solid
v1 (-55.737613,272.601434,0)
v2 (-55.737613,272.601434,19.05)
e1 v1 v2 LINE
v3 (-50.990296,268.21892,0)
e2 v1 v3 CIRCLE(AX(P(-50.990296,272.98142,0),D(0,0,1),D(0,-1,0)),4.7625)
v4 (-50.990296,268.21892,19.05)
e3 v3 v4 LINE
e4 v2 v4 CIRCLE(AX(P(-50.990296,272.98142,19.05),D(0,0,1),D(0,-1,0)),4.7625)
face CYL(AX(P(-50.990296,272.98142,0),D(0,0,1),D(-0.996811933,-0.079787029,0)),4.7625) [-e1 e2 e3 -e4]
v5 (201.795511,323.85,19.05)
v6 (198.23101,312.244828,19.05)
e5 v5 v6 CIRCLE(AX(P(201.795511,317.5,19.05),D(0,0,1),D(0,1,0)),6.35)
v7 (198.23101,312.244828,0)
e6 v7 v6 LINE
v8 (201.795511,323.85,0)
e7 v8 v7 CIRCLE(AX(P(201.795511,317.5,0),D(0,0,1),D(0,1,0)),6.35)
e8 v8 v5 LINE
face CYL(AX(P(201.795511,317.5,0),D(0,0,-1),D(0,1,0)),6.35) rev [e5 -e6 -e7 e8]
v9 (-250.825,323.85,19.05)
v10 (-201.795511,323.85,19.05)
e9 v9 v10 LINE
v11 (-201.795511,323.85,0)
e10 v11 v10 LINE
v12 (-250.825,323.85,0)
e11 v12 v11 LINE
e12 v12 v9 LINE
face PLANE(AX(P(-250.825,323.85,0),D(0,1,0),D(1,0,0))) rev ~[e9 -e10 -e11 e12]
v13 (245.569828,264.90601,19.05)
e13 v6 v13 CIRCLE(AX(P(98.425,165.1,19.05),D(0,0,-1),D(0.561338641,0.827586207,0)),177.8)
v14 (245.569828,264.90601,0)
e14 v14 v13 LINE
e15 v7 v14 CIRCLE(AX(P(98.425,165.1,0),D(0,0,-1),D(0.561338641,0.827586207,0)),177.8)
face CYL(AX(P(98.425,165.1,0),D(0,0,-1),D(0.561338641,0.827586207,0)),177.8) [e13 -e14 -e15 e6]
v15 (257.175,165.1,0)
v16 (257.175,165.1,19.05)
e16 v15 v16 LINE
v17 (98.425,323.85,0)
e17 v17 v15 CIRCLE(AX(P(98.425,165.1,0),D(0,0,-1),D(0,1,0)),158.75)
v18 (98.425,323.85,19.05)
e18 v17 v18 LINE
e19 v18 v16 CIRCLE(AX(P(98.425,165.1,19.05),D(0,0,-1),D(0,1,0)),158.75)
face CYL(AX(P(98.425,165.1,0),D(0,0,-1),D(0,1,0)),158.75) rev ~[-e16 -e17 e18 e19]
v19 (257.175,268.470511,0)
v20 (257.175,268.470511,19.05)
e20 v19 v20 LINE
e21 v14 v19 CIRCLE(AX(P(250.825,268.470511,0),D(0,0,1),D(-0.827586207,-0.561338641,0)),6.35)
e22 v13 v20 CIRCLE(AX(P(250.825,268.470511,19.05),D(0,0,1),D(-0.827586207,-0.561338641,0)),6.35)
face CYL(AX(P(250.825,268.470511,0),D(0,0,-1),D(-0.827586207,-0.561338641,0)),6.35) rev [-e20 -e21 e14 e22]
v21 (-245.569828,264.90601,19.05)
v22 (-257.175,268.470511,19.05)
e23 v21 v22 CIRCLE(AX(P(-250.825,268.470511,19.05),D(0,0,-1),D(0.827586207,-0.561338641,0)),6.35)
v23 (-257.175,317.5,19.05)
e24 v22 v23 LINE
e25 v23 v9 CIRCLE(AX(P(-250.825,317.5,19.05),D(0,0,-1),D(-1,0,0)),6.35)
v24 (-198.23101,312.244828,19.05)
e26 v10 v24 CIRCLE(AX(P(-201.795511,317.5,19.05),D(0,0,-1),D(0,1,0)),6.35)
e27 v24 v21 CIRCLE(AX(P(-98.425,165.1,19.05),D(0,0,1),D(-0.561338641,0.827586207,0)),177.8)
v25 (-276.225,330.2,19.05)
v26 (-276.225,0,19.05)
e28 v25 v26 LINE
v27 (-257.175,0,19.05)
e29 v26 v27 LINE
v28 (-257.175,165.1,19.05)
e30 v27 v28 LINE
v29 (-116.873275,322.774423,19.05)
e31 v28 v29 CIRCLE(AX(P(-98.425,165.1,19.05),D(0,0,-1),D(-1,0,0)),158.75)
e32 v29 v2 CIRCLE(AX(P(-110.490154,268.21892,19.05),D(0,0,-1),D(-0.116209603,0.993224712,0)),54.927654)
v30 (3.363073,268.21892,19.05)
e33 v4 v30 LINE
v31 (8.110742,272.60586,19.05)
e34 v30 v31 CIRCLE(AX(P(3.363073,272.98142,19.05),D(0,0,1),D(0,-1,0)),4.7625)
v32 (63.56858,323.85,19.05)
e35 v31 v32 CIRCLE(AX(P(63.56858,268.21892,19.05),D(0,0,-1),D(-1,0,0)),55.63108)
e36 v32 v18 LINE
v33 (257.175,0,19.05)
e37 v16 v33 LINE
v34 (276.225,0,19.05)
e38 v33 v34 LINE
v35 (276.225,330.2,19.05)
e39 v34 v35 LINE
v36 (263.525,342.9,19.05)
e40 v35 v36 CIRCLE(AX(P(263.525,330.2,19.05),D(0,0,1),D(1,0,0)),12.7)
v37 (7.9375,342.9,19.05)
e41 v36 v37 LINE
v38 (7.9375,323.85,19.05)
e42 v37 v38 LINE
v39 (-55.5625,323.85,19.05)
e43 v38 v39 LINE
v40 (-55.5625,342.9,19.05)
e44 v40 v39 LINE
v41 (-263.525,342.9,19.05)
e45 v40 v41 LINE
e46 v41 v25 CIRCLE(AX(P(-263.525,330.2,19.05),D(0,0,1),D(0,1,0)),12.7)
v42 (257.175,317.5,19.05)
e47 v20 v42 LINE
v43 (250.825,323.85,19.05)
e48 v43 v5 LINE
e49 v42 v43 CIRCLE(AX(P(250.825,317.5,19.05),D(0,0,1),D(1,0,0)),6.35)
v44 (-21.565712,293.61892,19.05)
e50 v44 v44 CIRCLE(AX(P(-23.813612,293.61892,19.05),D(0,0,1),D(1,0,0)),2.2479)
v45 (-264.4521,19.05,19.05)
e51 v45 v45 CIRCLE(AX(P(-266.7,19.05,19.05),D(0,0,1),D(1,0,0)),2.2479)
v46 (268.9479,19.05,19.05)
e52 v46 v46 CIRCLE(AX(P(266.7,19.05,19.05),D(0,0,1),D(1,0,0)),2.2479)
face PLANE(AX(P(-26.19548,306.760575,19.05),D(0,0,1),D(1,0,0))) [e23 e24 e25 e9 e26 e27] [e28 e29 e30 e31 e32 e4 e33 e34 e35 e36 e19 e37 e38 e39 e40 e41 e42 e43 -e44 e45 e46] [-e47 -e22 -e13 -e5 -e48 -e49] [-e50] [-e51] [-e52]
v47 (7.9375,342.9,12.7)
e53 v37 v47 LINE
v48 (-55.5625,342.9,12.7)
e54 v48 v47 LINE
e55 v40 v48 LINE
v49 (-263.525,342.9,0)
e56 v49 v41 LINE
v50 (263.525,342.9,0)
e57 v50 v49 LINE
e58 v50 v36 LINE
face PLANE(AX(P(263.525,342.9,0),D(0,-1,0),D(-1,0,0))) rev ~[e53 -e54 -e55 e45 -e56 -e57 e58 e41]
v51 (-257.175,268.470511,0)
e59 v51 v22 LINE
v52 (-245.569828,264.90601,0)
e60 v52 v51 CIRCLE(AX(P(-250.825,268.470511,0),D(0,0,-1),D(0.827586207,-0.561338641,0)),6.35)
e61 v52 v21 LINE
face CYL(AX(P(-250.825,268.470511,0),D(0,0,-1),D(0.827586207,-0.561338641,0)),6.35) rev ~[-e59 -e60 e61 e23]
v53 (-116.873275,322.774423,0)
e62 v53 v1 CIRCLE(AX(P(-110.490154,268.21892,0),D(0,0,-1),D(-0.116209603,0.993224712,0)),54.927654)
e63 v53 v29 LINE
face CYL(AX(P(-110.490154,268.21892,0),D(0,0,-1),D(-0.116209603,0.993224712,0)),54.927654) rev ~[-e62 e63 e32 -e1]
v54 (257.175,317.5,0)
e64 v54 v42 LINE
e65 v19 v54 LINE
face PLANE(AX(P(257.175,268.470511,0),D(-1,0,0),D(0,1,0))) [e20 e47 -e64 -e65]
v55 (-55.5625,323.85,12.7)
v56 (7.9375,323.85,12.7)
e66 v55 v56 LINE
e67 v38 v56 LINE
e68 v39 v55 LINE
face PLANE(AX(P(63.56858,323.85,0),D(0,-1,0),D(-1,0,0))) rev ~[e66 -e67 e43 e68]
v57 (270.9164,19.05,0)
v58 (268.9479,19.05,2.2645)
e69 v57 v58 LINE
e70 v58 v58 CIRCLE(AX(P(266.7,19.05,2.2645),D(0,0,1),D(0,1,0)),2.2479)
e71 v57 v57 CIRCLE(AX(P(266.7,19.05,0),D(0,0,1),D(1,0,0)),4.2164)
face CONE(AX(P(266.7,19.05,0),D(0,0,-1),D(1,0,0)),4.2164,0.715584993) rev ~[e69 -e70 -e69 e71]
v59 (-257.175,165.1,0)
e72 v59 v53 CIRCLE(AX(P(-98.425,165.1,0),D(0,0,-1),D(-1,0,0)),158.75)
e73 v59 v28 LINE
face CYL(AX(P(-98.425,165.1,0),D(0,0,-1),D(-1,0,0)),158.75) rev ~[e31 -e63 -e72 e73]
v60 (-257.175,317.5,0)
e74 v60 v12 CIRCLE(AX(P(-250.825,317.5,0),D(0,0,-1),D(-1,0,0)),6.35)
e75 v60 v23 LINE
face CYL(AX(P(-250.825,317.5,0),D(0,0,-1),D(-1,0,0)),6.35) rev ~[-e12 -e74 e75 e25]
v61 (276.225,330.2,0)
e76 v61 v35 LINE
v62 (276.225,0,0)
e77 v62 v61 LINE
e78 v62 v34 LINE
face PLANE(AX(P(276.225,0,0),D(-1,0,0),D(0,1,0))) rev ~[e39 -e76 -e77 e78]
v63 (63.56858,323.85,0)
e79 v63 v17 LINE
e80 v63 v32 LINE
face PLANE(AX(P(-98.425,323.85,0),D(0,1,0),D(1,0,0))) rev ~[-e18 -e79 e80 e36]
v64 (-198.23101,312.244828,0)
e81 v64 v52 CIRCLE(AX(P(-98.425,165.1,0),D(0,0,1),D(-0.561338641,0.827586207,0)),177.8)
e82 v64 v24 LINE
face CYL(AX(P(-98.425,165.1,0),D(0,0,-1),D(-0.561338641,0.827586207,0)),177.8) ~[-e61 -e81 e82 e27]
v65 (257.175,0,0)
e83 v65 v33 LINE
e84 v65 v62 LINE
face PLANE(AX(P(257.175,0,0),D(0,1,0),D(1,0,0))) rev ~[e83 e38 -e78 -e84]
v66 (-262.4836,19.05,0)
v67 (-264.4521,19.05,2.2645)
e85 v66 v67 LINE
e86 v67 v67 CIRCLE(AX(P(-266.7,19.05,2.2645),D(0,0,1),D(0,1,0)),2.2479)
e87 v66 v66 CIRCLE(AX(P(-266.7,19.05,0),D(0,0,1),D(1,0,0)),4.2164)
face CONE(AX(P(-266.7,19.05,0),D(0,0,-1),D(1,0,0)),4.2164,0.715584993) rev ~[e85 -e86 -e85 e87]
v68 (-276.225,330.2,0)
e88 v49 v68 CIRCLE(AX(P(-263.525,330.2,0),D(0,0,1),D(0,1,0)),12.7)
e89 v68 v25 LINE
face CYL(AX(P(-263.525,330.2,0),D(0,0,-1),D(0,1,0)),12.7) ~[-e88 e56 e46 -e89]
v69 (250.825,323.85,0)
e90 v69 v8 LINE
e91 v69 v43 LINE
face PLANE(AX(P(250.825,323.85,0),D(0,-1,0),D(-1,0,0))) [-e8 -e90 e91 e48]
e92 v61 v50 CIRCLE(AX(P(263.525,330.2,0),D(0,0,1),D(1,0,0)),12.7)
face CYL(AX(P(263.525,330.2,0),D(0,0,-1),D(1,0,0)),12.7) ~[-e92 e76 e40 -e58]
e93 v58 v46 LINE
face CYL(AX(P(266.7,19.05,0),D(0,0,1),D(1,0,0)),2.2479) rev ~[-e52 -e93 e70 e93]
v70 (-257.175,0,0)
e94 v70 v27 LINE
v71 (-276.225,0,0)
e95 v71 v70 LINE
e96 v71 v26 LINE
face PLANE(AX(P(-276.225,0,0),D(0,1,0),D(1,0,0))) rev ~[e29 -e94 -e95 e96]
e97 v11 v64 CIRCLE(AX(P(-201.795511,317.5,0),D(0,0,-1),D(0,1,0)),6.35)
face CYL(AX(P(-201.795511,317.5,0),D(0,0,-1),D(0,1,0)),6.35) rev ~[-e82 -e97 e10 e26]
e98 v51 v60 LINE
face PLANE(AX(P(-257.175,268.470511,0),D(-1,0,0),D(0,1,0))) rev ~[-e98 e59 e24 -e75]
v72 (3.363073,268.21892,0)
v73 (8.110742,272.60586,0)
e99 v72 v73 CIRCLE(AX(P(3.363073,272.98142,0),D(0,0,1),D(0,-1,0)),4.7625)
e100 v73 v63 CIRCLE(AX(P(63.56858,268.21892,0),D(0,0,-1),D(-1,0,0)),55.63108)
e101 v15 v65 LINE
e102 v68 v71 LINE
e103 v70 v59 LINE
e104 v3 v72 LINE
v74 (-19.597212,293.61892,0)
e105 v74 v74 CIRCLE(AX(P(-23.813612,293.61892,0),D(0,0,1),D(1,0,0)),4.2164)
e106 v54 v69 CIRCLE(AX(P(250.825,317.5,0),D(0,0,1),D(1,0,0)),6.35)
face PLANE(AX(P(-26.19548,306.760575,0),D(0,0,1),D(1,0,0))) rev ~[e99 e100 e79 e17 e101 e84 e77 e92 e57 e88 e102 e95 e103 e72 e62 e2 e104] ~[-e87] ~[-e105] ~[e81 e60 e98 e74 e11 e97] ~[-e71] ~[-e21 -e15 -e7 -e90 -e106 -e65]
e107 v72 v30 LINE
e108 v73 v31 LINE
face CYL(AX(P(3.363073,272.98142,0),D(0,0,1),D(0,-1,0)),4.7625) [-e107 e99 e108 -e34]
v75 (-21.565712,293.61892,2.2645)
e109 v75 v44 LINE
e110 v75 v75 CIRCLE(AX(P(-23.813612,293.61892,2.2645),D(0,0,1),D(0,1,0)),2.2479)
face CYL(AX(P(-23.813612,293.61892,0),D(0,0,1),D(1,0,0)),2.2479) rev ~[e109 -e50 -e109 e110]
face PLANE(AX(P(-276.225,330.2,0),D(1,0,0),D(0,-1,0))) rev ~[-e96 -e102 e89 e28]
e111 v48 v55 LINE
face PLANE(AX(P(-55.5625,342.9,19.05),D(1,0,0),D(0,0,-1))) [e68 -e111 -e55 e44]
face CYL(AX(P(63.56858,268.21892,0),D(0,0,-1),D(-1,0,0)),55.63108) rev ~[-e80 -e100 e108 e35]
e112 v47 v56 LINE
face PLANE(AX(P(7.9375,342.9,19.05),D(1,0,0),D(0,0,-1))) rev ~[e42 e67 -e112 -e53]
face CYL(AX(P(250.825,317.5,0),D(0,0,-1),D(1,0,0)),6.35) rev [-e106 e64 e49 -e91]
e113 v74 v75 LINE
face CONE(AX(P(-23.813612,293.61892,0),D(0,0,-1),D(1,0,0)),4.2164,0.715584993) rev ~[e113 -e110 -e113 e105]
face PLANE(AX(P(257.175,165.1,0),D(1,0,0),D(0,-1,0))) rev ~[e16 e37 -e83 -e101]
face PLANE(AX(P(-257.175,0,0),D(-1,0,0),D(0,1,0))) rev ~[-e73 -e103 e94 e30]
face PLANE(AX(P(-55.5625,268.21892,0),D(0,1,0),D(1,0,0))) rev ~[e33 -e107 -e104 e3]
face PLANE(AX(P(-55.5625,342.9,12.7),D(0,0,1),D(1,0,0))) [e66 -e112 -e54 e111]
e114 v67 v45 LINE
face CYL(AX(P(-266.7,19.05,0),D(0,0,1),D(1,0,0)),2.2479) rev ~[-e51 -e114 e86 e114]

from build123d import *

# Parameters (mm, degrees)
BOSS_EXTRUDE1_DEPTH                            = 19.05
SKETCH2_W                                      = 63.5
SKETCH2_H                                      = 6.35
CUT_EXTRUDE1_DEPTH                             = 441.730714978
BOSS_EXTRUDE3_DEPTH                            = 19.05
FILLET1_R                                      = 4.7625
CSK_FOR_8_FLAT_HEAD_MACHINE_SCREW1_D           = 4.4958
CSK_FOR_8_FLAT_HEAD_MACHINE_SCREW1_DEPTH       = 30.1752
CSK_FOR_8_FLAT_HEAD_MACHINE_SCREW1_CSINK_D     = 8.4328
CSK_FOR_8_FLAT_HEAD_MACHINE_SCREW1_CSINK_ANGLE = 82
CSK_FOR_8_FLAT_HEAD_MACHINE_SCREW1_TIP         = 1.350674586


with BuildPart() as part:
    # Sketch1 → Boss-Extrude1 (new body)
    with BuildSketch(Plane.XY):
        with BuildLine():
            Line((276.225, 0), (276.225, 330.2))
            ThreePointArc((276.225, 330.2), (272.505256121, 339.180256121), (263.525, 342.9))
            Line((263.525, 342.9), (-263.525, 342.9))
            ThreePointArc((-263.525, 342.9), (-272.505256121, 339.180256121), (-276.225, 330.2))
            Line((-276.225, 330.2), (-276.225, 0))
            Line((-276.225, 0), (-257.175, 0))
            Line((-257.175, 0), (-257.175, 76.2))
            Line((-257.175, 76.2), (-257.175, 165.1))
            ThreePointArc((-257.175, 165.1), (-210.678201513, 277.353201513), (-98.425, 323.85))
            Line((-98.425, 323.85), (98.425, 323.85))
            ThreePointArc((98.425, 323.85), (210.678201513, 277.353201513), (257.175, 165.1))
            Line((257.175, 165.1), (257.175, 76.2))
            Line((257.175, 76.2), (257.175, 0))
            Line((257.175, 0), (276.225, 0))
        make_face()
        with BuildLine():
            Line((250.825, 323.85), (201.795510785, 323.85))
            ThreePointArc((201.795510785, 323.85), (195.725385382, 319.364424197), (198.231010413, 312.244827586))
            ThreePointArc((198.231010413, 312.244827586), (224.148585695, 290.823585695), (245.569827586, 264.906010413))
            ThreePointArc((245.569827586, 264.906010413), (252.689424197, 262.400385382), (257.175, 268.470510785))
            Line((257.175, 268.470510785), (257.175, 317.5))
            ThreePointArc((257.175, 317.5), (255.315128061, 321.990128061), (250.825, 323.85))
        make_face(mode=Mode.SUBTRACT)
        with BuildLine():
            Line((-250.825, 323.85), (-201.795510785, 323.85))
            ThreePointArc((-201.795510785, 323.85), (-195.725385382, 319.364424197), (-198.231010413, 312.244827586))
            ThreePointArc((-198.231010413, 312.244827586), (-224.148585695, 290.823585695), (-245.569827586, 264.906010413))
            ThreePointArc((-245.569827586, 264.906010413), (-252.689424197, 262.400385382), (-257.175, 268.470510785))
            Line((-257.175, 268.470510785), (-257.175, 317.5))
            ThreePointArc((-257.175, 317.5), (-255.315128061, 321.990128061), (-250.825, 323.85))
        make_face(mode=Mode.SUBTRACT)
    extrude(amount=BOSS_EXTRUDE1_DEPTH)

    # Sketch2 → Cut-Extrude1 (cut, through all)
    with BuildSketch(Plane(origin=(0, 342.9, 0), x_dir=(1, 0, 0), z_dir=(0, 1, 0))):
        with Locations((-23.8125, -15.875)):
            Rectangle(SKETCH2_W, SKETCH2_H)
    extrude(amount=-CUT_EXTRUDE1_DEPTH, mode=Mode.SUBTRACT)

    # Sketch3 → Boss-Extrude3 (add)
    with BuildSketch(Plane.XY):
        with BuildLine():
            ThreePointArc((-116.873274525, 322.774422996), (-73.976886998, 309.253399344), (-55.5625, 268.21892))
            Line((-55.5625, 268.21892), (7.9375, 268.21892))
            ThreePointArc((7.9375, 268.21892), (24.231466087, 307.556033913), (63.56858, 323.85))
            Line((63.56858, 323.85), (7.9375, 323.85))
            Line((7.9375, 323.85), (-55.5625, 323.85))
            Line((-55.5625, 323.85), (-98.425, 323.85))
            ThreePointArc((-98.425, 323.85), (-107.664801119, 323.580877633), (-116.873274525, 322.774422996))
        make_face()
    extrude(amount=BOSS_EXTRUDE3_DEPTH)

    # Fillet1
    fillet1_edges = [part.edges().sort_by_distance(p)[0] for p in [
        (-55.5625, 268.21892, 9.525),
        (7.9375, 268.21892, 9.525),
    ]]
    fillet(fillet1_edges, radius=FILLET1_R)

    # CSK for #8 Flat Head Machine Screw1
    with Locations(Plane(origin=(0, 0, 0), x_dir=(-1, 0, 0), z_dir=(0, 0, -1))):
        with Locations((23.813611707, 293.61892), (266.7, 19.05), (-266.7, 19.05)):
            CounterSinkHole(CSK_FOR_8_FLAT_HEAD_MACHINE_SCREW1_D / 2, CSK_FOR_8_FLAT_HEAD_MACHINE_SCREW1_CSINK_D / 2, depth=CSK_FOR_8_FLAT_HEAD_MACHINE_SCREW1_DEPTH, counter_sink_angle=CSK_FOR_8_FLAT_HEAD_MACHINE_SCREW1_CSINK_ANGLE)
            with Locations((0, 0, -(CSK_FOR_8_FLAT_HEAD_MACHINE_SCREW1_DEPTH + CSK_FOR_8_FLAT_HEAD_MACHINE_SCREW1_TIP / 2))):  # 118° drill point
                Cone(0, CSK_FOR_8_FLAT_HEAD_MACHINE_SCREW1_D / 2, CSK_FOR_8_FLAT_HEAD_MACHINE_SCREW1_TIP, mode=Mode.SUBTRACT)


solid = part.part
